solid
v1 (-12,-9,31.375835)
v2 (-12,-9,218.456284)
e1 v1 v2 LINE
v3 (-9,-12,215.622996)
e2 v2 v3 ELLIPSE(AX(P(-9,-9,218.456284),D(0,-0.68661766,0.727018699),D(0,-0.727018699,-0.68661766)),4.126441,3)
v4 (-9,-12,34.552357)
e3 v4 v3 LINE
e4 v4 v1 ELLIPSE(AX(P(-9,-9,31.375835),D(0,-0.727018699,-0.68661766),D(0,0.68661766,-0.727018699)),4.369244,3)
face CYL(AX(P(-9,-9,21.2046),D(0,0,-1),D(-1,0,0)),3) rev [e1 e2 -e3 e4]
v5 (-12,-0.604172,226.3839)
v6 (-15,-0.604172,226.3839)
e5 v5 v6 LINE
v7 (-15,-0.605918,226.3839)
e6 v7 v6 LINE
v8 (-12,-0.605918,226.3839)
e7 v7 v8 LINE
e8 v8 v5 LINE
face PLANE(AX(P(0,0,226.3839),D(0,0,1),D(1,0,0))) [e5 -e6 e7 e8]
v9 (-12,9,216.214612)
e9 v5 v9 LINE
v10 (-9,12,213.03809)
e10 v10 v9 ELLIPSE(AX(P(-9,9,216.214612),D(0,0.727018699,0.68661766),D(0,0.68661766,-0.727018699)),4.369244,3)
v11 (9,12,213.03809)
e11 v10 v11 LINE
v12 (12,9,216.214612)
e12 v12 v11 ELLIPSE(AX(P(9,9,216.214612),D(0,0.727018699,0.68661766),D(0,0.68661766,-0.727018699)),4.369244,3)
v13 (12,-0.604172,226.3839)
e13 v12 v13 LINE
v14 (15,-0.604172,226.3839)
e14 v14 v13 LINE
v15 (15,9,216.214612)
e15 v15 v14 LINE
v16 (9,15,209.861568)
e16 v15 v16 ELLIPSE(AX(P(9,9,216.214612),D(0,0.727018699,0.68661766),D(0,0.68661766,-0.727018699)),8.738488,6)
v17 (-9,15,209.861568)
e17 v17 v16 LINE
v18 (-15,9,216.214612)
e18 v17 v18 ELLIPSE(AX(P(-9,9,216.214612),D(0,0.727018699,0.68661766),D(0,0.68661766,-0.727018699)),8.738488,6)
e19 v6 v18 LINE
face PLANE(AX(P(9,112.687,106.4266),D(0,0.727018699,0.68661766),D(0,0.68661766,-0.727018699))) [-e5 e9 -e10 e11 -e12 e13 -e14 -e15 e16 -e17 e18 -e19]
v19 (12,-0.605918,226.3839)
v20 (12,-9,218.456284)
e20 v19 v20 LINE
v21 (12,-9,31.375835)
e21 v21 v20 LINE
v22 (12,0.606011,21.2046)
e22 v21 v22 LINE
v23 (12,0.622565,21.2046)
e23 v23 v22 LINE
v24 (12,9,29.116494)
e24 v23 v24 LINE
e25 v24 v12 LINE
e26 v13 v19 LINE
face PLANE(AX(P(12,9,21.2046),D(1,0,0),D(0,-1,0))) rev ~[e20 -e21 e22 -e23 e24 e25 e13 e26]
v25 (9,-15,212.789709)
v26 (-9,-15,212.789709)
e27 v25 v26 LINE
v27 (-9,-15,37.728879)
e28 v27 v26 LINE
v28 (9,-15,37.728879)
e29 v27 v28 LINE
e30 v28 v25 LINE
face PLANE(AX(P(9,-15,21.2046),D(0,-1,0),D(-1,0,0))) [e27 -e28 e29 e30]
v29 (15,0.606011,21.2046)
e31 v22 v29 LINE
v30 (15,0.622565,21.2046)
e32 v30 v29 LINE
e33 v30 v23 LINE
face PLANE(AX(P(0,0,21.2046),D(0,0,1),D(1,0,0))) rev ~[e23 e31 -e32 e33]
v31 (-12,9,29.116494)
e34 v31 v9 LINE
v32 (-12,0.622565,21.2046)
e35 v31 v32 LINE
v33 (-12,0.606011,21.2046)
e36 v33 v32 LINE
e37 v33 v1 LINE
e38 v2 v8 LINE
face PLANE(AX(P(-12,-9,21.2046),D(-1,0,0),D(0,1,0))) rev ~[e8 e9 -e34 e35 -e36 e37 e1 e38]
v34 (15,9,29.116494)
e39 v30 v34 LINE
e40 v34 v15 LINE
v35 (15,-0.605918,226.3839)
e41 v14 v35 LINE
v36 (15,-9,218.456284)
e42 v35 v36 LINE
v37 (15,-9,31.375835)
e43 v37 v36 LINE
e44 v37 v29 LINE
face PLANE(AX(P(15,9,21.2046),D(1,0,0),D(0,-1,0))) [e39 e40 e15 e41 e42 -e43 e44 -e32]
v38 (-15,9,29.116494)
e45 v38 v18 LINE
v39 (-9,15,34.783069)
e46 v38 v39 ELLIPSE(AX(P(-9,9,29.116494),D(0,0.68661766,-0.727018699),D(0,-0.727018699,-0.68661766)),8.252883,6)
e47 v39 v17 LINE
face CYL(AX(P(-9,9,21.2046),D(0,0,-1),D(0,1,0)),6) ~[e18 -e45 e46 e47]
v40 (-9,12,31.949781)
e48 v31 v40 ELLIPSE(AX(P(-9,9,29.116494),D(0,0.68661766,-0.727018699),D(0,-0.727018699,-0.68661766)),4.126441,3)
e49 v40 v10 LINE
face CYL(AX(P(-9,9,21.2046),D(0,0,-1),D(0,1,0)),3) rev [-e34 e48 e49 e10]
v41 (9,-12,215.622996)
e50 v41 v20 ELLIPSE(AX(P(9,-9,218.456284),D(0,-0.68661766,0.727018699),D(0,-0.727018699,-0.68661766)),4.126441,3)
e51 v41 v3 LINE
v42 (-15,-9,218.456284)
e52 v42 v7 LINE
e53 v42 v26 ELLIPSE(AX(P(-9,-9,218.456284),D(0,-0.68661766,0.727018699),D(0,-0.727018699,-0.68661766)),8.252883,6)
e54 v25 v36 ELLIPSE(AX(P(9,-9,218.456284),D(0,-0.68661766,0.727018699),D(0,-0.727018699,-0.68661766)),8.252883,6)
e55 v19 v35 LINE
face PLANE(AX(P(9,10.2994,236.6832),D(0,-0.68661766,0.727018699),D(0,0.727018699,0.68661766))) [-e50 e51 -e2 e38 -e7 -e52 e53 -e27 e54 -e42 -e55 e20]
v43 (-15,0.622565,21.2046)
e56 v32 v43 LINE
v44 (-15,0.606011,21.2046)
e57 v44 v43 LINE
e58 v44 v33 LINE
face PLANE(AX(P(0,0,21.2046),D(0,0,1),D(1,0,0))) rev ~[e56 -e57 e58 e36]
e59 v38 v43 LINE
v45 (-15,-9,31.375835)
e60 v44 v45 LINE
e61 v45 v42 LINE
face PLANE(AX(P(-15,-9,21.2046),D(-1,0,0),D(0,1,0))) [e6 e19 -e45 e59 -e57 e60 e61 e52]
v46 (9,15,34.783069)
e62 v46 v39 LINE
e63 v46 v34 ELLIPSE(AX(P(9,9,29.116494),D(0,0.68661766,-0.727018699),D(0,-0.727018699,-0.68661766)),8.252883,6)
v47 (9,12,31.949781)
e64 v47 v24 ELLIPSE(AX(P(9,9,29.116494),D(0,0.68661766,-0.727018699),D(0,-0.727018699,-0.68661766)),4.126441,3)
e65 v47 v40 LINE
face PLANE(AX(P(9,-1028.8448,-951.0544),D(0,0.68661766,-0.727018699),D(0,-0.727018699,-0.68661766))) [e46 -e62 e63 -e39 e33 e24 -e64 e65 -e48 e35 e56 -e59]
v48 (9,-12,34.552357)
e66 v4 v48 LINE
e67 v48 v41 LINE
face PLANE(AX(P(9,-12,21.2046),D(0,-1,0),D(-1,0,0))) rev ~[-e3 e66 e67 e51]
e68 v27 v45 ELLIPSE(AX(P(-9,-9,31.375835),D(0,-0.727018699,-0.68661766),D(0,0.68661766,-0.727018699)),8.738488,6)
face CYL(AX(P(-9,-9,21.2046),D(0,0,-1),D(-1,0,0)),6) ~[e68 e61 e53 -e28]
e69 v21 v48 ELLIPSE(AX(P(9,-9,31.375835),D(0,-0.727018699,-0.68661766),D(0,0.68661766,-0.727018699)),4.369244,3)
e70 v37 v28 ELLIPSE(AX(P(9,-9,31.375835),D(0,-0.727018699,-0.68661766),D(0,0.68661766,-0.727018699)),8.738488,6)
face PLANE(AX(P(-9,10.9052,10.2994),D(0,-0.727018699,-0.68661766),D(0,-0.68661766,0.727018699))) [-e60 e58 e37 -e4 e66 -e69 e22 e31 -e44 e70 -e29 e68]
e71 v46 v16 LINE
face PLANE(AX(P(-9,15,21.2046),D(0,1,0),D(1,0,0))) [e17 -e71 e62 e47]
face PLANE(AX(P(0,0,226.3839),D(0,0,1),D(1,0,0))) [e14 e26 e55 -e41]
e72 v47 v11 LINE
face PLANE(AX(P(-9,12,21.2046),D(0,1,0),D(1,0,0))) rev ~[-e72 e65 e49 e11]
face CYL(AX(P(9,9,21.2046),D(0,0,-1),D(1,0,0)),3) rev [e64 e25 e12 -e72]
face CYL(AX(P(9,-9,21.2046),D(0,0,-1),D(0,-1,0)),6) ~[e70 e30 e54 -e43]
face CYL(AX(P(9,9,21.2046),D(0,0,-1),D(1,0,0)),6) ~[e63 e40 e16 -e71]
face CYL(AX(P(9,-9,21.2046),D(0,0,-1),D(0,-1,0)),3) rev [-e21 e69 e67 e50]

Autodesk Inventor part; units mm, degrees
ref_plane "Start plane" through (0, 0, 21.2046) normal (0, 0, 1) x (1, 0, 0)
ref_plane "End plane" through (0, 0, 226.3838) normal (0, 0, 1) x (1, 0, 0)
sketch "Sketch" plane through (0, 0, 0) normal (0, 0, 1) x (1, 0, 0)
  line L0 (-15, -9) -> (-15, 9)
  line L1 (-9, 15) -> (9, 15)
  line L2 (15, 9) -> (15, -9)
  line L3 (9, -15) -> (-9, -15)
  arc A0 (-15, -9) -> (-9, -15) centre (-9, -9) ccw
  arc A1 (-9, 15) -> (-15, 9) centre (-9, 9) ccw
  arc A2 (15, 9) -> (9, 15) centre (9, 9) ccw
  arc A3 (9, -15) -> (15, -9) centre (9, -9) ccw
  arc A4 (-9, 12) -> (-12, 9) centre (-9, 9) ccw
  line L4 (-9, 12) -> (9, 12)
  arc A5 (12, 9) -> (9, 12) centre (9, 9) ccw
  line L5 (12, 9) -> (12, -9)
  arc A6 (9, -12) -> (12, -9) centre (9, -9) ccw
  line L6 (9, -12) -> (-9, -12)
  arc A7 (-12, -9) -> (-9, -12) centre (-9, -9) ccw
  line L7 (-12, -9) -> (-12, 9)
  line L8 (0, 22.7397) -> (0, -22.7397) construction
  line L9 (-22.7397, 0) -> (22.7397, 0) construction
  dimension "d7" = 6
  dimension "d10" = 30
  dimension "d11" = 30
  dimension "d12" = 3
  dimension "d15" = 15
  dimension "d16" = 15
extrude "Body" add sketch "Sketch" along normal up to surface (205.1793 mm away) from surface at 21.2046
sketch "Sketch3" plane through (0, 0, 0) normal (0, 0, 1) x (1, 0, 0)
  line L0 (0, 0) -> (10, 0)
ref_plane "Work Plane3" through (0, 0, 0) normal (0, -1, 0) x (1, 0, 0)
ref_plane "Work Plane4" through (9, 112.687, 106.4266) normal (0, 0.727, 0.6866) x (1, 0, 0)
split "Split1" plane through (9, 112.687, 106.4266) removes the side toward (0, 0.727, 0.6866)
ref_plane "Work Plane5" through (9, 10.2994, 236.6832) normal (0, -0.6866, 0.727) x (1, 0, 0)
split "Split2" plane through (9, 10.2994, 236.6832) removes the side toward (0, -0.6866, 0.727)
ref_plane "Work Plane6" through (9, -1028.8448, -951.0544) normal (0, 0.6866, -0.727) x (1, 0, 0)
split "Split3" plane through (9, -1028.8448, -951.0544) removes the side toward (0, 0.6866, -0.727)
ref_plane "Work Plane7" through (-9, 10.9052, 10.2994) normal (0, -0.727, -0.6866) x (1, 0, 0)
split "Split4" plane through (-9, 10.9052, 10.2994) removes the side toward (0, -0.727, -0.6866)
sketch "Sketch4" plane through (0, 0, 0) normal (0, -1, 0) x (1, 0, 0)
  line L0 (-2, 21.2046) -> (12, 21.2046) projected
  line L1 (-2, 226.3838) -> (12, 226.3838) projected
  dimension "d18" = 205.1793
equation "\"d7\" = G_IR"
equation "\"d10\" = G_H"
equation "\"d11\" = G_W"
equation "\"d12\" = G_T"
equation "\"d15\" = 0.5 * d10"
equation "\"d16\" = 0.5 * d11"
equation "\"d3\" = G_L"
equation "\"G_W\" = 30"
equation "\"G_H\" = 30"
equation "\"G_T\" = 3"
equation "\"G_IR\" = 6"
equation "\"G_L\" = d18"
equation "\"G_OFFSET_START\" = -21.20455"
equation "\"G_OFFSET_END\" = -21.20455"
equation "\"d13\" = -G_OFFSET_START"
equation "\"d14\" = G_OFFSET_END + B_L"
equation "\"B_L\" = 247.58837"
properties part number "DIN EN 10219-2 - 30 x 30 x 3  - 205.18" material "Steel, Mild"
